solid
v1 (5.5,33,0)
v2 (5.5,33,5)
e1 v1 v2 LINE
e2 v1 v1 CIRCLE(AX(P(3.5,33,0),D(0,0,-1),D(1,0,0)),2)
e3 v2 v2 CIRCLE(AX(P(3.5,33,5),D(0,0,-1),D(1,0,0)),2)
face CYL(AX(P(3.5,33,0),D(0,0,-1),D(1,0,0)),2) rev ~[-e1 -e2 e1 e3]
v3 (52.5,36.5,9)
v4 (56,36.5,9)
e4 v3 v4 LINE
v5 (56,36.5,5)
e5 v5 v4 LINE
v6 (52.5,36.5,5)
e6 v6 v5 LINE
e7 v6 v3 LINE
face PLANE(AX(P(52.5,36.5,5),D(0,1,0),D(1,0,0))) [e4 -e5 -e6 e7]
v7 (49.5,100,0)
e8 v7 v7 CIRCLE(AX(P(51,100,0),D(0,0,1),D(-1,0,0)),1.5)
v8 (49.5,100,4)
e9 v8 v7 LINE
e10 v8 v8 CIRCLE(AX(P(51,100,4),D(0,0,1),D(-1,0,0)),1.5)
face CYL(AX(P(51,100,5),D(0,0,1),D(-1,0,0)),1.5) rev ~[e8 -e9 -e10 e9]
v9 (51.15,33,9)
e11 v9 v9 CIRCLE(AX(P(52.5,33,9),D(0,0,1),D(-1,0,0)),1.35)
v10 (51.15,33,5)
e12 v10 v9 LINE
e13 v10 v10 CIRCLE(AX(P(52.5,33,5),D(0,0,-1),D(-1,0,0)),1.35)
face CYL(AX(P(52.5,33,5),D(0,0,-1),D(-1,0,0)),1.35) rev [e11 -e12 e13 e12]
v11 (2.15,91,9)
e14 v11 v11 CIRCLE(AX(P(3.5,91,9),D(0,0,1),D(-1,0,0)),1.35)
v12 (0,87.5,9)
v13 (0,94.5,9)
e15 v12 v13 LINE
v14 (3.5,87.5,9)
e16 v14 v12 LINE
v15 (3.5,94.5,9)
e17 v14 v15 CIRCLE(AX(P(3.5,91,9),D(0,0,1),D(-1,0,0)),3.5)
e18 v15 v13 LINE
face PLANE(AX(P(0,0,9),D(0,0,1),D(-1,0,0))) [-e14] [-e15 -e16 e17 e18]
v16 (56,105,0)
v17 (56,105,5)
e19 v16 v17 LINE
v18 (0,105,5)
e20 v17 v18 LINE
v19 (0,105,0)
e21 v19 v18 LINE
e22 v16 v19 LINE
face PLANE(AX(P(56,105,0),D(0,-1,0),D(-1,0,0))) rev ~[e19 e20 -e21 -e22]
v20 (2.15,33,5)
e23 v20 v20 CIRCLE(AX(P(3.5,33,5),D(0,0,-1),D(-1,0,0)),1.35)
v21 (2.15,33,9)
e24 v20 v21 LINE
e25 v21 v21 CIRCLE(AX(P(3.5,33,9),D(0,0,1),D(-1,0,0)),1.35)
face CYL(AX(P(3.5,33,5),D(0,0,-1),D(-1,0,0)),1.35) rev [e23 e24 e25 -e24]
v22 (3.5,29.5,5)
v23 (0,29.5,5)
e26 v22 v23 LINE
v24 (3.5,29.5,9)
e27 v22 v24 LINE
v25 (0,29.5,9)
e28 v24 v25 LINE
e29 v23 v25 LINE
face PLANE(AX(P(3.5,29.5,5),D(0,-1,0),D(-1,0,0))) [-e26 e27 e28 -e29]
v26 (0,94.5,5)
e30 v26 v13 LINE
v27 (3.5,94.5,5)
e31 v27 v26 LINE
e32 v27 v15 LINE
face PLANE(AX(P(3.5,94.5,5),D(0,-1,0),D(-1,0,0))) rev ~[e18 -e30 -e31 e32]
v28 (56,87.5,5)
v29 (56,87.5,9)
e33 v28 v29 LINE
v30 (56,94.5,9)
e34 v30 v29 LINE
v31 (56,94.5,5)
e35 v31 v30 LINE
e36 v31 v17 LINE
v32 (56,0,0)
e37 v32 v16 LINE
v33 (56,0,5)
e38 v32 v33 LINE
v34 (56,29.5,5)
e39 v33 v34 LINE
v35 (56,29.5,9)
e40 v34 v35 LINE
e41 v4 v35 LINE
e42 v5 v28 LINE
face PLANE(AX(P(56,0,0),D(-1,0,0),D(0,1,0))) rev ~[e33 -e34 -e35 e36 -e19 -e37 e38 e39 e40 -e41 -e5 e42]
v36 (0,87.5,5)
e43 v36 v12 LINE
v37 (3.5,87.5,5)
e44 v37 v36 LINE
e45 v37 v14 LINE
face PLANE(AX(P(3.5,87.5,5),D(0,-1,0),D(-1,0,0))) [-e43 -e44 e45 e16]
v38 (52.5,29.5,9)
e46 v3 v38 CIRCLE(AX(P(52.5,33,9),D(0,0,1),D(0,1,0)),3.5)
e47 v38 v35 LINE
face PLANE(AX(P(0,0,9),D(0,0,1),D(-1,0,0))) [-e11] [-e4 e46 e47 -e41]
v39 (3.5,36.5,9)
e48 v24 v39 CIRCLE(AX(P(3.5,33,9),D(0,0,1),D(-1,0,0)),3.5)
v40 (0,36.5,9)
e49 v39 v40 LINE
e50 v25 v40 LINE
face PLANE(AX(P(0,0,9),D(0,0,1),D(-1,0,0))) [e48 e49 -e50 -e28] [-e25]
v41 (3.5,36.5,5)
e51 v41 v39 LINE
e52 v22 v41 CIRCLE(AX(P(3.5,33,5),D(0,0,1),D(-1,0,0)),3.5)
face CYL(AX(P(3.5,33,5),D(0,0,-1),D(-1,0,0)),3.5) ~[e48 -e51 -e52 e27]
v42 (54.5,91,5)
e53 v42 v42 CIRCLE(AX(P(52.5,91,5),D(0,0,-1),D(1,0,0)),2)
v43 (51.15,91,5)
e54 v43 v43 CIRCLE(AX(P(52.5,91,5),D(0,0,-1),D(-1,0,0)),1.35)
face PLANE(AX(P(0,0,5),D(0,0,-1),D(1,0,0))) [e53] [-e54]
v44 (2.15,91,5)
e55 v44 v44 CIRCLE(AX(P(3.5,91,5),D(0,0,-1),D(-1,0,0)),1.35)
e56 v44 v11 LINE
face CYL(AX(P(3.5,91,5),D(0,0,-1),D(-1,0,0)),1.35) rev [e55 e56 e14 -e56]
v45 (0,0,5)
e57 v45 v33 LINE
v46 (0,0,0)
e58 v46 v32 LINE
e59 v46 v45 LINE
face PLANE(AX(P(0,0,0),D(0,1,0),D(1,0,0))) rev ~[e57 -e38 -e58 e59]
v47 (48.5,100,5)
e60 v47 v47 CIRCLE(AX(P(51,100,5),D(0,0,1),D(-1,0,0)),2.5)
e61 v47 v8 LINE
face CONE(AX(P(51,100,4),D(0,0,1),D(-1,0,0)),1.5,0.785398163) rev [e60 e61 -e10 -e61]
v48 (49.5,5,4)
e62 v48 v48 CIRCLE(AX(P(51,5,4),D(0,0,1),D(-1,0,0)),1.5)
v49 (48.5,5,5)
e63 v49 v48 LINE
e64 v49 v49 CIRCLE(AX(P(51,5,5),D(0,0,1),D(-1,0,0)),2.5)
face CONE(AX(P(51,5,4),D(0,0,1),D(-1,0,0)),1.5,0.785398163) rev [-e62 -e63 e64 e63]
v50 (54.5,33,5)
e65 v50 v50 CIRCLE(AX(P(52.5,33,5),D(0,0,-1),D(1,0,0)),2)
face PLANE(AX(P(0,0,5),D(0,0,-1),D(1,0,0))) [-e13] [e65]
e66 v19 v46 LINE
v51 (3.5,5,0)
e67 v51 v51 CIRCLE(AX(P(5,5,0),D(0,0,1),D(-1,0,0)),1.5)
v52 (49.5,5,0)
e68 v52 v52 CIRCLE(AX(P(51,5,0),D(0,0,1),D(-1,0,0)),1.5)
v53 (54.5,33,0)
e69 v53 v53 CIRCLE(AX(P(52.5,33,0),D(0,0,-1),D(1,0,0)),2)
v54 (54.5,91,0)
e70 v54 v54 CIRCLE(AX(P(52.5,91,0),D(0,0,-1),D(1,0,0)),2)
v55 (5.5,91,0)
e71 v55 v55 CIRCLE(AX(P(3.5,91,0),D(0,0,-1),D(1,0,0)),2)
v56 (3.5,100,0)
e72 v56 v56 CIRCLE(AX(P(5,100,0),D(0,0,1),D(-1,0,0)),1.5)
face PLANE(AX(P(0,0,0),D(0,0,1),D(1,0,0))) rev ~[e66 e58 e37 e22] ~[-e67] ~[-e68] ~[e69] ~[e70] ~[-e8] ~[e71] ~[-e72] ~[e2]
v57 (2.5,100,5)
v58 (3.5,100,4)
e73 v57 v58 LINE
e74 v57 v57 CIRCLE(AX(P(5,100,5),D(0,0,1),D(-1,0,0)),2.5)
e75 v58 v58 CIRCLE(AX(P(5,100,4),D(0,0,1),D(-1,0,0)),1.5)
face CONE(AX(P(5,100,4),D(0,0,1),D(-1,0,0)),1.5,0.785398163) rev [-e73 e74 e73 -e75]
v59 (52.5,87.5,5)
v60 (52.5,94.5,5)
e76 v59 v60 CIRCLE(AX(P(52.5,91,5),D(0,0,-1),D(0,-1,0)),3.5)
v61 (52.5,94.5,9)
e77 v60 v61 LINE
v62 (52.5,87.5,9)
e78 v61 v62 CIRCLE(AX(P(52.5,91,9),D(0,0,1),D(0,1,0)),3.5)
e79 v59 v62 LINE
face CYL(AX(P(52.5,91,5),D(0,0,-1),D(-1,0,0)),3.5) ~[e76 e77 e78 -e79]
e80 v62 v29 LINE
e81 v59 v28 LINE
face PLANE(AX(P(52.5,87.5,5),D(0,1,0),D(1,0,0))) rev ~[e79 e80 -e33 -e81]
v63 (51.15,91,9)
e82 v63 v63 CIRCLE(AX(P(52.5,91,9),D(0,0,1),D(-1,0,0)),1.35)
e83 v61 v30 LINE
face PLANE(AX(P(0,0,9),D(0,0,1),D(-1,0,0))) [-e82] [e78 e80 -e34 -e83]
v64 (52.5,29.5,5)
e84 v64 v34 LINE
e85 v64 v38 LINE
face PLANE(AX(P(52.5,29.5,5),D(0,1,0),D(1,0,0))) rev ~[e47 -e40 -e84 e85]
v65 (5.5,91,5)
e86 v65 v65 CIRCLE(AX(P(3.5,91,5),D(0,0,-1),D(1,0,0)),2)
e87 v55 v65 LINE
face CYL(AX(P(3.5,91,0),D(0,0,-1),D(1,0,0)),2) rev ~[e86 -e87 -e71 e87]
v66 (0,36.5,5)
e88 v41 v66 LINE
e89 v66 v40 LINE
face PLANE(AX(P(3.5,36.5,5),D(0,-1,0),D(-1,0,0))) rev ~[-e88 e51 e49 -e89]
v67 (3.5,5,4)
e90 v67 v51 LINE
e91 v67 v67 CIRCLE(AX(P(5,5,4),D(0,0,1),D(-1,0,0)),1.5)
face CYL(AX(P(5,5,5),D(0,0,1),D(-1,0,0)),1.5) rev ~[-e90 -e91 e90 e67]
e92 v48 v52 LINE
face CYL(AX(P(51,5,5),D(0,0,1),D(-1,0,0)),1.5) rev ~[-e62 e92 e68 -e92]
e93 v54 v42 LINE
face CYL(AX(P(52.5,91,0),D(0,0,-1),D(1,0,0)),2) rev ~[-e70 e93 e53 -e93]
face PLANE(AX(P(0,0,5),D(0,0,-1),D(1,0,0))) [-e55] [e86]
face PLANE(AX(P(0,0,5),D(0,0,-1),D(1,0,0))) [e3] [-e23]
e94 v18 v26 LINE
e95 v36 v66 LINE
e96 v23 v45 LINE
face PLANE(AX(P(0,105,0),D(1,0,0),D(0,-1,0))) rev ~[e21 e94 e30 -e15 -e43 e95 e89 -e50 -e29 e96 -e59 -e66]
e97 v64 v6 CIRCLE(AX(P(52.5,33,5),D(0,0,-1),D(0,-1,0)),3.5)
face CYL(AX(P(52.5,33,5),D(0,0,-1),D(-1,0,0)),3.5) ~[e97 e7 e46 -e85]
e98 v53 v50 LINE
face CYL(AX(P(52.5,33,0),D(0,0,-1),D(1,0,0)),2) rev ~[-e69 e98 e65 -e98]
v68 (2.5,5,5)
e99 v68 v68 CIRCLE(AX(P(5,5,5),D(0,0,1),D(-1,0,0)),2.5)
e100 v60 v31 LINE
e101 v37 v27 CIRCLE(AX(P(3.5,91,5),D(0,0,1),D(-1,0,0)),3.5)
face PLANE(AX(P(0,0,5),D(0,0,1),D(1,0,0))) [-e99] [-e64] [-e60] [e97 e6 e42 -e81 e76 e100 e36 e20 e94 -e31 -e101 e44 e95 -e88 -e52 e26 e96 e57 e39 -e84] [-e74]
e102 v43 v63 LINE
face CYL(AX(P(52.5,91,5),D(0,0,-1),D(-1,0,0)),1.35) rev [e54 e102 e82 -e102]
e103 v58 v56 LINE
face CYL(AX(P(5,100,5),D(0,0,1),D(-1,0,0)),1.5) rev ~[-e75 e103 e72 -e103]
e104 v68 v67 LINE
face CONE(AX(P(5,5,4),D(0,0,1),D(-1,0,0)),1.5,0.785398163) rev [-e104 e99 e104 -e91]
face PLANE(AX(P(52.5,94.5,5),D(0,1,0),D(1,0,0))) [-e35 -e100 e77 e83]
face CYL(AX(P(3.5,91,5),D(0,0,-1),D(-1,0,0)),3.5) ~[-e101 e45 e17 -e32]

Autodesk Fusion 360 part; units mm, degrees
sketch "Sketch1" plane through (0, 0, 0) normal (0, 0, 1) x (1, 0, 0)
  line L0 (0, 0) -> (56, 0)
  line L1 (56, 0) -> (56, 105)
  line L2 (56, 105) -> (0, 105)
  line L3 (0, 105) -> (0, 0)
  dimension "d1" = 56
  dimension "d2" = 105
extrude "Extrude1" add sketch "Sketch1" along normal blind 5
sketch "Sketch2" plane through (0, 0, 5) normal (0, 0, 1) x (-1, 0, 0)
  line L0 (0, -105) -> (0, 0)
  line L1 (0, 0) -> (-56, 0)
  line L2 (-56, 0) -> (-56, -105)
  line L3 (-56, -105) -> (0, -105)
  circle A0 centre (-3.5, -91) radius 1.35
  circle A1 centre (-52.5, -91) radius 1.35
  circle A2 centre (-3.5, -33) radius 1.35
  circle A3 centre (-52.5, -33) radius 1.35
  circle A4 centre (-3.5, -91) radius 3.5
  circle A5 centre (-52.5, -91) radius 3.5
  circle A6 centre (-52.5, -33) radius 3.5
  circle A7 centre (-3.5, -33) radius 3.5
  line L4 (-3.5, -36.5) -> (0, -36.5)
  line L5 (-3.5, -29.5) -> (0, -29.5)
  line L6 (-52.5, -29.5) -> (-56, -29.5)
  line L7 (-52.5, -87.5) -> (-56, -87.5)
  line L8 (-52.5, -94.5) -> (-56, -94.5)
  line L9 (-3.5, -94.5) -> (0, -94.5)
  line L10 (-3.5, -87.5) -> (0, -87.5)
  line L11 (-52.5, -36.5) -> (-56, -36.5)
  dimension "d5" = 2.7
  dimension "d6" = 58
  dimension "d7" = 49
  dimension "d8" = 3.5
  dimension "d9" = 56
  dimension "d10" = 105
  dimension "d11" = 33
extrude "Extrude2" add sketch "Sketch2" along normal blind 4 contours L0 A4 L9 | L0 A4 L10 | A4 | L2 A5 L8 | L2 A5 L7 | A5 | L0 A7 L4 | L0 A7 L5 | A7 | L2 A6 L11 | L2 A6 L6 | A6
extrude "Extrude3" cut sketch "Sketch2" against normal blind 7 contours A0 | A1 | A2 | A3
sketch "Sketch3" plane through (0, 0, 5) normal (0, 0, 1) x (-1, 0, 0)
  line L0 (-3.5, -29.5) -> (0, -29.5)
  line L1 (0, -29.5) -> (0, 0)
  line L2 (0, 0) -> (-56, 0)
  line L3 (-56, 0) -> (-56, -29.5)
  line L4 (-56, -29.5) -> (-52.5, -29.5)
  arc A0 (-52.5, -36.5) -> (-52.5, -29.5) centre (-52.5, -33) ccw
  line L5 (-52.5, -36.5) -> (-56, -36.5)
  line L6 (-56, -36.5) -> (-56, -87.5)
  line L7 (-56, -87.5) -> (-52.5, -87.5)
  arc A1 (-52.5, -94.5) -> (-52.5, -87.5) centre (-52.5, -91) ccw
  line L8 (-52.5, -94.5) -> (-56, -94.5)
  line L9 (-56, -94.5) -> (-56, -105)
  line L10 (-56, -105) -> (0, -105)
  line L11 (0, -105) -> (0, -94.5)
  line L12 (0, -94.5) -> (-3.5, -94.5)
  arc A2 (-3.5, -87.5) -> (-3.5, -94.5) centre (-3.5, -91) ccw
  line L13 (-3.5, -87.5) -> (0, -87.5)
  line L14 (0, -87.5) -> (0, -36.5)
  line L15 (0, -36.5) -> (-3.5, -36.5)
  arc A3 (-3.5, -29.5) -> (-3.5, -36.5) centre (-3.5, -33) ccw
  circle A4 centre (-5, -5) radius 1.5
  circle A5 centre (-51, -5) radius 1.5
  circle A6 centre (-51, -100) radius 1.5
  circle A7 centre (-5, -100) radius 1.5
  dimension "d16" = 5
  dimension "d17" = 5
  dimension "d18" = 5
  dimension "d19" = 3
  dimension "d20" = 5
extrude "Extrude4" cut sketch "Sketch3" against normal blind 5 contours A4 | A5 | A6 | A7
chamfer "Chamfer1" distance 1 distance2 1 4 edges at (6.3985, 4.4576, 5) (52.3985, 4.4576, 5) (52.3985, 99.4576, 5) (6.3985, 99.4576, 5) measured on face at (35.3731, 53.1886, 5) measured on face at (35.3731, 53.1886, 5) measured on face at (35.3731, 53.1886, 5) measured on face at (35.3731, 53.1886, 5)
sketch "Sketch4" plane through (0, 0, 0) normal (0, 0, -1) x (1, 0, 0)
  circle A0 centre (51, -100) radius 1.5
  circle A1 centre (5, -5) radius 1.5
  circle A2 centre (5, -100) radius 1.5
  circle A3 centre (51, -5) radius 1.5
  circle A4 centre (3.5, -91) radius 1.35
  circle A5 centre (52.5, -91) radius 1.35
  circle A6 centre (3.5, -33) radius 1.35
  circle A7 centre (52.5, -33) radius 1.35
  line L0 (0, 0) -> (0, -105)
  line L1 (0, -105) -> (56, -105)
  line L2 (56, -105) -> (56, 0)
  line L3 (56, 0) -> (0, 0)
  circle A8 centre (3.5, -91) radius 2
  circle A9 centre (52.5, -91) radius 2
  circle A10 centre (52.5, -33) radius 2
  circle A11 centre (3.5, -33) radius 2
  dimension "d25" = 4
extrude "Extrude5" cut sketch "Sketch4" against normal blind 5 contours A8 | A9 | A10 | A11
equation "d2 = 85 mm + 20 mm"
equation "d8 = ( d9 - d7 ) / 2"
equation "d11 = 23 mm + 10 mm"
equation "d17 = d16"
equation "d18 = d16"
